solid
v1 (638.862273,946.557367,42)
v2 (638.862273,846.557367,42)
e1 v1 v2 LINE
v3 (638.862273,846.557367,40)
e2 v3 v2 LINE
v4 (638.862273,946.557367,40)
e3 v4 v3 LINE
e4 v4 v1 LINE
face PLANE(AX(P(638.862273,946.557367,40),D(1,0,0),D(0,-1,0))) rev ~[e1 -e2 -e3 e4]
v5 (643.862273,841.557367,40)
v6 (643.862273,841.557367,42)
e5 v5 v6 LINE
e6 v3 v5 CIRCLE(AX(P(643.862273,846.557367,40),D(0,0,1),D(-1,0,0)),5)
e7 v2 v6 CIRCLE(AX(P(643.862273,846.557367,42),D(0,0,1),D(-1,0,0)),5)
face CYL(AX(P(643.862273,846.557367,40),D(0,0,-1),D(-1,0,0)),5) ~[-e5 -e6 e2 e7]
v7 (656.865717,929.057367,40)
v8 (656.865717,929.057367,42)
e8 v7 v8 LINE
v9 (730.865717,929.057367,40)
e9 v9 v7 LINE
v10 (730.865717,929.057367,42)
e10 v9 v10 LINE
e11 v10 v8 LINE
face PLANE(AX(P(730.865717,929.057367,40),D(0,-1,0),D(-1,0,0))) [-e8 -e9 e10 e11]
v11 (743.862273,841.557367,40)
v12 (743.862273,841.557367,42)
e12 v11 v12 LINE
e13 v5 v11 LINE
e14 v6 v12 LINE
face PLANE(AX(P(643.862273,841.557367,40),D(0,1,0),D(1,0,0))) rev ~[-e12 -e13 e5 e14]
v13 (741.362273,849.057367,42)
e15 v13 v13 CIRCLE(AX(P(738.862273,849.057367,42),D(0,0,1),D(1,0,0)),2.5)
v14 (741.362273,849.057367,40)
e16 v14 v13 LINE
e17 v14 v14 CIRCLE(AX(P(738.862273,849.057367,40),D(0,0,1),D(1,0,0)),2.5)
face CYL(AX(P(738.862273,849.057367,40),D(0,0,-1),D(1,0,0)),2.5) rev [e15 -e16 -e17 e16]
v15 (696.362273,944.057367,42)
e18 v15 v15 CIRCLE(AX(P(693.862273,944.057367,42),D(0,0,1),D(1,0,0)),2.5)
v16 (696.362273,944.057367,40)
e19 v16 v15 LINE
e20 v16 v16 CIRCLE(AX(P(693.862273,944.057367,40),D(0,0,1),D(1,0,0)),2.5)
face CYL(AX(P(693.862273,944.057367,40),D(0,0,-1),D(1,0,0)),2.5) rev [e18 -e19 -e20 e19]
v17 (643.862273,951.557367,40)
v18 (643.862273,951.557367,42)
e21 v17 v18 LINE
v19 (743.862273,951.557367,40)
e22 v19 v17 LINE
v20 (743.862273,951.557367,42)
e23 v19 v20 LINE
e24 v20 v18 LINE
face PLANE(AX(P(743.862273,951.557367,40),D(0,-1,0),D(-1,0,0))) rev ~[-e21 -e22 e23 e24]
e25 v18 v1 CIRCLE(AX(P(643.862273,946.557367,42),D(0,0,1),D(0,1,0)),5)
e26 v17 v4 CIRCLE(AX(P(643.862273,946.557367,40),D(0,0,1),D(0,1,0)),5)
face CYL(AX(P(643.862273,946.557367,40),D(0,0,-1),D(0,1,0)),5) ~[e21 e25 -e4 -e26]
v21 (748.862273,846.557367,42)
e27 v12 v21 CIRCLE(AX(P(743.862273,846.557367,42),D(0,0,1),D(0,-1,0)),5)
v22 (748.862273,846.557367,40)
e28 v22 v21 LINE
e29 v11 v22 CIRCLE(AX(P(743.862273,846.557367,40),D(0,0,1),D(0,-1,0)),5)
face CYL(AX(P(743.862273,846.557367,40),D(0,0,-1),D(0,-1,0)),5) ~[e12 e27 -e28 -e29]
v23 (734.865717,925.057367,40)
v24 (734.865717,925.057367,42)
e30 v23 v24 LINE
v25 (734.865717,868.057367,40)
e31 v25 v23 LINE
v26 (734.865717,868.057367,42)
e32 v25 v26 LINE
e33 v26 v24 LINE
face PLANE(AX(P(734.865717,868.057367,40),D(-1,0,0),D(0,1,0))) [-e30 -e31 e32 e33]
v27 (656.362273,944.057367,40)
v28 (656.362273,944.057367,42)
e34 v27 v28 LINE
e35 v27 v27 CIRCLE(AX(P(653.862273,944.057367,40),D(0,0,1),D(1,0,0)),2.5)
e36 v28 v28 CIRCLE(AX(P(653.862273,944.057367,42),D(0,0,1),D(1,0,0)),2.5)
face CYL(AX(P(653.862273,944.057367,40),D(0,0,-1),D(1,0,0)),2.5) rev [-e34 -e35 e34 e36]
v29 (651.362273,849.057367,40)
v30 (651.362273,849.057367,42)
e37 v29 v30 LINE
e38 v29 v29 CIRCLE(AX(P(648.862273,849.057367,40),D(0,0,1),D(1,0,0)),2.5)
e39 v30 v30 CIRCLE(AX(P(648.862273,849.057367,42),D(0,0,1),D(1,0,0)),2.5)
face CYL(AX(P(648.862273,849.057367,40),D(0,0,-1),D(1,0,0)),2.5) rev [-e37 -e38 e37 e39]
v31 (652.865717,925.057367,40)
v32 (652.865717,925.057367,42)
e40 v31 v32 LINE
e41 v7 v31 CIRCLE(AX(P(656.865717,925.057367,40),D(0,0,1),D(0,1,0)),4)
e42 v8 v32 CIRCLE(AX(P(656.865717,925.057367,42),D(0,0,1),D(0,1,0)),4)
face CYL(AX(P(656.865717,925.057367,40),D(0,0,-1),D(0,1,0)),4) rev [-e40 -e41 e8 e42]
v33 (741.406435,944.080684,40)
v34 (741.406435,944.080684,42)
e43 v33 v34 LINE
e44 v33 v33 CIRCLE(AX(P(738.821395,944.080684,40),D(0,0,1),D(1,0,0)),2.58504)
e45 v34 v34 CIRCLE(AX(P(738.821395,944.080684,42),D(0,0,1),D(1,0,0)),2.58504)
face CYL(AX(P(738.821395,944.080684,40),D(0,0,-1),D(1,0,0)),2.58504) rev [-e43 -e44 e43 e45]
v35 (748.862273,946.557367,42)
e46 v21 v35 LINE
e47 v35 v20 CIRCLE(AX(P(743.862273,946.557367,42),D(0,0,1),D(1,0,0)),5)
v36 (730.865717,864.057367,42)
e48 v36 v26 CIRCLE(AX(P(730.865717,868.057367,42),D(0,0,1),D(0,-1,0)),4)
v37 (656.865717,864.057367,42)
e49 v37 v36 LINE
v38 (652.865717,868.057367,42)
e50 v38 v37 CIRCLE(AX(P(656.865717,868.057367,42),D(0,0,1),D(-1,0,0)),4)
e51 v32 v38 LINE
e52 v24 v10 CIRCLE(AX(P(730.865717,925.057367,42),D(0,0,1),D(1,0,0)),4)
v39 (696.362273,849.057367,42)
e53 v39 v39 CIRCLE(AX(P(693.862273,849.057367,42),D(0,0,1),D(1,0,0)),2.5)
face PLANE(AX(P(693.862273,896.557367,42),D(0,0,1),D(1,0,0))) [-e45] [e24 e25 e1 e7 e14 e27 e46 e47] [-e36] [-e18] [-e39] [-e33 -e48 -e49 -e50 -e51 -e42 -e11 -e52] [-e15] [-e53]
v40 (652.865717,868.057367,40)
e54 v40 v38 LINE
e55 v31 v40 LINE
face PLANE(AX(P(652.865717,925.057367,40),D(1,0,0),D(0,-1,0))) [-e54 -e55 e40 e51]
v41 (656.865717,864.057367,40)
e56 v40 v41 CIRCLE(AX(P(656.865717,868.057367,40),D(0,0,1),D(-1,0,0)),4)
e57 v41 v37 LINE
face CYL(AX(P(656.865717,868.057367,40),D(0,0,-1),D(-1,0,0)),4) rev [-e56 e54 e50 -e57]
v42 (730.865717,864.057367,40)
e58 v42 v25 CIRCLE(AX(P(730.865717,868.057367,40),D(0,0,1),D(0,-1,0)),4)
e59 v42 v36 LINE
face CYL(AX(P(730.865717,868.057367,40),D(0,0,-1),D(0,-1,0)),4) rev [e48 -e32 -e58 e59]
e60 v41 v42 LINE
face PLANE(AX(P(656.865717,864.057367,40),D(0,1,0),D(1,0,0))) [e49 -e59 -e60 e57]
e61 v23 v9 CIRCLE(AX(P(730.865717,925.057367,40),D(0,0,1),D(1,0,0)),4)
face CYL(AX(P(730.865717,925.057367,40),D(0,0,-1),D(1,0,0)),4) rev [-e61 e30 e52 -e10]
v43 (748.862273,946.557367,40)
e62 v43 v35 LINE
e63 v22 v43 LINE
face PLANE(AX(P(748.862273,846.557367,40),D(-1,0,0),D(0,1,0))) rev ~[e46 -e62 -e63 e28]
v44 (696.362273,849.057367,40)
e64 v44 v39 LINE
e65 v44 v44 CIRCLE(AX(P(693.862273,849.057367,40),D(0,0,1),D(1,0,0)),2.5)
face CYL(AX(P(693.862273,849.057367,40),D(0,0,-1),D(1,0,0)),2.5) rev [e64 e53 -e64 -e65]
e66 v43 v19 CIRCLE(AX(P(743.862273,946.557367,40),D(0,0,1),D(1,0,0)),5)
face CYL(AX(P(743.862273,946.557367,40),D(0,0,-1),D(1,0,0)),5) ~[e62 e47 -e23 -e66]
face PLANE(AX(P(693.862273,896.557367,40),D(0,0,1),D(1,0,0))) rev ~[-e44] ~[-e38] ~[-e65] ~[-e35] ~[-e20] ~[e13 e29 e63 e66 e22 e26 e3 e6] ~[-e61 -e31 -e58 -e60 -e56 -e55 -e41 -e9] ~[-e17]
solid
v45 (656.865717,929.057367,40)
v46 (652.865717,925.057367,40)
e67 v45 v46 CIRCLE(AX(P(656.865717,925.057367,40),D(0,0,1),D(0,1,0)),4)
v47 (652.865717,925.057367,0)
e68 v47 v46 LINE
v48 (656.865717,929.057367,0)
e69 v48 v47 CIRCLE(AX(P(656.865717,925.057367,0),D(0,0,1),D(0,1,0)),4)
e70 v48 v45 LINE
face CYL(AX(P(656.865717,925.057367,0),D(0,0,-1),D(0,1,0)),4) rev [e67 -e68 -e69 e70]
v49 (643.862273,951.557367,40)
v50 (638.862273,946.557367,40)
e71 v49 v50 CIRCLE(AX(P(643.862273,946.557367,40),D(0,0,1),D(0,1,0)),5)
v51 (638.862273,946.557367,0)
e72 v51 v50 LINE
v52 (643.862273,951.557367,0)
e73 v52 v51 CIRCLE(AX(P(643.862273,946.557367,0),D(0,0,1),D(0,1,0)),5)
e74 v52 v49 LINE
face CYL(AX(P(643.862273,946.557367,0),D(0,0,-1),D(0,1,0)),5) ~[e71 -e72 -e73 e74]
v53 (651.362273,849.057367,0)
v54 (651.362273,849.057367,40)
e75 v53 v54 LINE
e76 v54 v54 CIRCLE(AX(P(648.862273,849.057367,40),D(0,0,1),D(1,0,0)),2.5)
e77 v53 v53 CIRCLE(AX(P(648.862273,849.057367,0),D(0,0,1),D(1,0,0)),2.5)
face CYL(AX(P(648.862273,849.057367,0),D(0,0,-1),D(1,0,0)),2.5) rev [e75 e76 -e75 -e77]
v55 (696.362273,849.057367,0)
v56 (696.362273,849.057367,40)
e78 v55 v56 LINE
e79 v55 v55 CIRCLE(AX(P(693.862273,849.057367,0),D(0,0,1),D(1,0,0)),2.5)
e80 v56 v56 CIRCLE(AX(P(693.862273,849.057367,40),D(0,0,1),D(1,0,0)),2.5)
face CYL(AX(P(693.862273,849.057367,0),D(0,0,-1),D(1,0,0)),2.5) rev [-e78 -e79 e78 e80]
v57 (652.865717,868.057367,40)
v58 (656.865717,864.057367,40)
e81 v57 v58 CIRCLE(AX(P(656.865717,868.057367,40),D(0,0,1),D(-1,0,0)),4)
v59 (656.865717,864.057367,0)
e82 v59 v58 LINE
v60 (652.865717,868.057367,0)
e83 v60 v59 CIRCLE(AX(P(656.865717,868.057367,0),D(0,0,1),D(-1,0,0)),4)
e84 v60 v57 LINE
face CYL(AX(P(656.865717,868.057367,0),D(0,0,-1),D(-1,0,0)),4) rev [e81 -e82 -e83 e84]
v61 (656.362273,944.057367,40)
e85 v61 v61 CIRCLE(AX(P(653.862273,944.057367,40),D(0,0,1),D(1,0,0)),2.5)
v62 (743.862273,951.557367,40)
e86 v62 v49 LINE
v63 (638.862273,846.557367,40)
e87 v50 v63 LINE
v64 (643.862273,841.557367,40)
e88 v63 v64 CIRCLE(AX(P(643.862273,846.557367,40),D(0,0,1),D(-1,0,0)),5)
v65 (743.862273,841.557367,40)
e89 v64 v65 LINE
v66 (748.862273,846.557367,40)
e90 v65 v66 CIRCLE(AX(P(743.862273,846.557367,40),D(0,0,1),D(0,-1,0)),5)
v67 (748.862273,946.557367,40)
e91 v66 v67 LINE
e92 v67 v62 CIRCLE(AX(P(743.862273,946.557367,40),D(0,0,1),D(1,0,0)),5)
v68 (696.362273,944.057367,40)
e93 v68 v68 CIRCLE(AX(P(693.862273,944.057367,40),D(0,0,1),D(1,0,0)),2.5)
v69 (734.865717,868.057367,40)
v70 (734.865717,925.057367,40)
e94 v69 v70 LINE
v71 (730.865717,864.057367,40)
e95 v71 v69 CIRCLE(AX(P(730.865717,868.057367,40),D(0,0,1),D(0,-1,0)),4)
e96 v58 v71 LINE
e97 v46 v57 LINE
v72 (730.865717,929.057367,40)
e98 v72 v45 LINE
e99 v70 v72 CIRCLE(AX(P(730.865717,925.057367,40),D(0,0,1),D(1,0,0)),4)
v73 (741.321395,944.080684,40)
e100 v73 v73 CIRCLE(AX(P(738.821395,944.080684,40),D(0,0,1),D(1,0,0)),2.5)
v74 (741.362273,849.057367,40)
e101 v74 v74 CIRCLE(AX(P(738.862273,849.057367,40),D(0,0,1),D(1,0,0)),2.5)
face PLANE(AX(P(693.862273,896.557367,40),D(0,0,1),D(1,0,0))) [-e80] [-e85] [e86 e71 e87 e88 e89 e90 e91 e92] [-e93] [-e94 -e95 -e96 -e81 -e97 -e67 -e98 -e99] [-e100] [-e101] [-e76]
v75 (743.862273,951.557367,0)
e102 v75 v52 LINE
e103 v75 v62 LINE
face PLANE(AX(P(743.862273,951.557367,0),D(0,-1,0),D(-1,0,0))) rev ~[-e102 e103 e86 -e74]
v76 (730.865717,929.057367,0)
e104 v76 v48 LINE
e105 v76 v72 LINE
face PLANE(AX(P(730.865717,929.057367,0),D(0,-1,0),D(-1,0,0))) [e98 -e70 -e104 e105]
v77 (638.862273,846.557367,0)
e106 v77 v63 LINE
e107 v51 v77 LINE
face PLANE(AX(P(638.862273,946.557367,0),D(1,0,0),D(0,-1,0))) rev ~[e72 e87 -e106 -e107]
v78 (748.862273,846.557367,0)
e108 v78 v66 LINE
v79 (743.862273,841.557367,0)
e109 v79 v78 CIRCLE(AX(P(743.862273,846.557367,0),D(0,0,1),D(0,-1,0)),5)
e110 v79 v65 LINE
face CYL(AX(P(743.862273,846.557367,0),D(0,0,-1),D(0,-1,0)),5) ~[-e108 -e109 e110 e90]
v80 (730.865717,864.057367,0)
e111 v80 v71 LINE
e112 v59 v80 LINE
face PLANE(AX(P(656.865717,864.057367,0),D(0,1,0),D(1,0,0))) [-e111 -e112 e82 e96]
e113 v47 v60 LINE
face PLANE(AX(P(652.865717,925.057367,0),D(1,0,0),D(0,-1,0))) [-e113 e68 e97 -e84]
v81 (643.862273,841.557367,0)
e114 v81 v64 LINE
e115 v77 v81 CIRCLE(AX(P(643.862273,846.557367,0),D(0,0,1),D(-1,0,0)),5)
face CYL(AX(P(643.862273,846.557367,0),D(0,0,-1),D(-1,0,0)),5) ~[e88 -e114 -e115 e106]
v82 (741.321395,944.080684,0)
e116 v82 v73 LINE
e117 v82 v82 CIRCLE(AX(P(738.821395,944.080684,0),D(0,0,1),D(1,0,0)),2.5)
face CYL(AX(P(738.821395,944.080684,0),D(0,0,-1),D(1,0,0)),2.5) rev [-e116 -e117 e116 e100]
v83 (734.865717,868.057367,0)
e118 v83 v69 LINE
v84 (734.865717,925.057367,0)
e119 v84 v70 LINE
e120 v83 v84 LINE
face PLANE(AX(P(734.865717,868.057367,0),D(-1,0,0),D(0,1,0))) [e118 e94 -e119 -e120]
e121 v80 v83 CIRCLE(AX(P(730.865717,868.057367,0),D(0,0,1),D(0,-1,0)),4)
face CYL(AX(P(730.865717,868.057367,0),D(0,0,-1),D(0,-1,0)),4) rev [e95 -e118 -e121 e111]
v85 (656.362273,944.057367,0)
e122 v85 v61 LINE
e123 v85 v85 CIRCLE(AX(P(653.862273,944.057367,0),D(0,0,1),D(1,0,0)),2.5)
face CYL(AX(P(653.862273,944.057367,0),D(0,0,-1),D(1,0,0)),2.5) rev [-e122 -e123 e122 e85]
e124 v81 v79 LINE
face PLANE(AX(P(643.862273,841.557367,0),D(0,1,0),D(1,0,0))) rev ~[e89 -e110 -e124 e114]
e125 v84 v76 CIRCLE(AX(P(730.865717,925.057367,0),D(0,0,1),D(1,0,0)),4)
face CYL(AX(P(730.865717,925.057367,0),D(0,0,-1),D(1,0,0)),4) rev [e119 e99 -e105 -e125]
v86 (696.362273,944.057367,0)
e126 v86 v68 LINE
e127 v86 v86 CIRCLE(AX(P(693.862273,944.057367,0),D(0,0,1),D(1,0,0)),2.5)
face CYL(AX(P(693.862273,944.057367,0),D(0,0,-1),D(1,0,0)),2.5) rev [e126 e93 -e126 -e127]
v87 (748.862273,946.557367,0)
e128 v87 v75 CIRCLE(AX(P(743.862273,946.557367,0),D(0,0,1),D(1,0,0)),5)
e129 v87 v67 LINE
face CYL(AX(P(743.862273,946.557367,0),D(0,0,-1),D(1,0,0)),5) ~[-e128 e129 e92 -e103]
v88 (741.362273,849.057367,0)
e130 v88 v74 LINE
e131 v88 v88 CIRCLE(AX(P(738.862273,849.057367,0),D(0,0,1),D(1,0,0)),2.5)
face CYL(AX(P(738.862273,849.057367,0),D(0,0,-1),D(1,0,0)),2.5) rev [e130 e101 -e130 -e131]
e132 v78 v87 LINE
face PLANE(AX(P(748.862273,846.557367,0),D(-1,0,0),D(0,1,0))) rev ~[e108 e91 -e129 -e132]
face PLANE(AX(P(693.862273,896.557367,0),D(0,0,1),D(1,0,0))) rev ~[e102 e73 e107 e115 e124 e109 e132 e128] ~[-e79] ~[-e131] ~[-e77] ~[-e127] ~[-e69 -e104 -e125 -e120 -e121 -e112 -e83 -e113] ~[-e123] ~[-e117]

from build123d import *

# Parameters (mm, degrees)
CROQUIS2_R              = 2.5
SALIENTE_EXTRUIR1_DEPTH = 40
CROQUIS3_R              = 2.5
CROQUIS3_R_2            = 2.585039772
SALIENTE_EXTRUIR2_DEPTH = 2


with BuildPart() as part:
    # Croquis2 → Saliente-Extruir1 (new body)
    with BuildSketch(Plane.XY):
        with BuildLine():
            Line((643.862272549, 841.557366956), (743.862272549, 841.557366956))
            ThreePointArc((743.862272549, 841.557366956), (747.397806455, 843.02183305), (748.862272549, 846.557366956))
            Line((748.862272549, 846.557366956), (748.862272549, 946.557366956))
            ThreePointArc((748.862272549, 946.557366956), (747.397806455, 950.092900862), (743.862272549, 951.557366956))
            Line((743.862272549, 951.557366956), (643.862272549, 951.557366956))
            ThreePointArc((643.862272549, 951.557366956), (640.326738643, 950.092900862), (638.862272549, 946.557366956))
            Line((638.862272549, 946.557366956), (638.862272549, 846.557366956))
            ThreePointArc((638.862272549, 846.557366956), (640.326738643, 843.02183305), (643.862272549, 841.557366956))
        make_face()
        with Locations((693.862272549, 944.057366956)):
            Circle(CROQUIS2_R, mode=Mode.SUBTRACT)
        with Locations((653.862272549, 944.057366956)):
            Circle(CROQUIS2_R, mode=Mode.SUBTRACT)
        with Locations((738.82139492, 944.080684435)):
            Circle(CROQUIS2_R, mode=Mode.SUBTRACT)
        with Locations((738.862272549, 849.057366956)):
            Circle(CROQUIS2_R, mode=Mode.SUBTRACT)
        with Locations((693.862272549, 849.057366956)):
            Circle(CROQUIS2_R, mode=Mode.SUBTRACT)
        with Locations((648.862272549, 849.057366956)):
            Circle(CROQUIS2_R, mode=Mode.SUBTRACT)
        with BuildLine():
            Line((734.865717045, 868.057366956), (734.865717045, 925.057366956))
            ThreePointArc((734.865717045, 925.057366956), (733.69414417, 927.885794081), (730.865717045, 929.057366956))
            Line((730.865717045, 929.057366956), (656.865717045, 929.057366956))
            ThreePointArc((656.865717045, 929.057366956), (654.03728992, 927.885794081), (652.865717045, 925.057366956))
            Line((652.865717045, 925.057366956), (652.865717045, 868.057366956))
            ThreePointArc((652.865717045, 868.057366956), (654.03728992, 865.228939831), (656.865717045, 864.057366956))
            Line((656.865717045, 864.057366956), (730.865717045, 864.057366956))
            ThreePointArc((730.865717045, 864.057366956), (733.69414417, 865.228939831), (734.865717045, 868.057366956))
        make_face(mode=Mode.SUBTRACT)
    extrude(amount=SALIENTE_EXTRUIR1_DEPTH)


with BuildPart() as body_2:
    # Croquis3 → Saliente-Extruir2 (new body)
    with BuildSketch(Plane.XY.offset(40)):
        with BuildLine():
            Line((643.862272549, 841.557366956), (743.862272549, 841.557366956))
            ThreePointArc((743.862272549, 841.557366956), (747.397806455, 843.02183305), (748.862272549, 846.557366956))
            Line((748.862272549, 846.557366956), (748.862272549, 946.557366956))
            ThreePointArc((748.862272549, 946.557366956), (747.397806455, 950.092900862), (743.862272549, 951.557366956))
            Line((743.862272549, 951.557366956), (643.862272549, 951.557366956))
            ThreePointArc((643.862272549, 951.557366956), (640.326738643, 950.092900862), (638.862272549, 946.557366956))
            Line((638.862272549, 946.557366956), (638.862272549, 846.557366956))
            ThreePointArc((638.862272549, 846.557366956), (640.326738643, 843.02183305), (643.862272549, 841.557366956))
        make_face()
        with Locations((653.862272549, 944.057366956)):
            Circle(CROQUIS3_R, mode=Mode.SUBTRACT)
        with Locations((693.862272549, 944.057366956)):
            Circle(CROQUIS3_R, mode=Mode.SUBTRACT)
        with Locations((738.82139492, 944.080684435)):
            Circle(CROQUIS3_R_2, mode=Mode.SUBTRACT)
        with Locations((738.862272549, 849.057366956)):
            Circle(CROQUIS3_R, mode=Mode.SUBTRACT)
        with Locations((693.862272549, 849.057366956)):
            Circle(CROQUIS3_R, mode=Mode.SUBTRACT)
        with Locations((648.862272549, 849.057366956)):
            Circle(CROQUIS3_R, mode=Mode.SUBTRACT)
        with BuildLine():
            Line((730.865717045, 929.057366956), (656.865717045, 929.057366956))
            ThreePointArc((656.865717045, 929.057366956), (654.03728992, 927.885794081), (652.865717045, 925.057366956))
            Line((652.865717045, 925.057366956), (652.865717045, 868.057366956))
            ThreePointArc((652.865717045, 868.057366956), (654.03728992, 865.228939831), (656.865717045, 864.057366956))
            Line((656.865717045, 864.057366956), (730.865717045, 864.057366956))
            ThreePointArc((730.865717045, 864.057366956), (733.69414417, 865.228939831), (734.865717045, 868.057366956))
            Line((734.865717045, 868.057366956), (734.865717045, 925.057366956))
            ThreePointArc((734.865717045, 925.057366956), (733.69414417, 927.885794081), (730.865717045, 929.057366956))
        make_face(mode=Mode.SUBTRACT)
    extrude(amount=SALIENTE_EXTRUIR2_DEPTH)


solid = Compound([part.part, body_2.part])
